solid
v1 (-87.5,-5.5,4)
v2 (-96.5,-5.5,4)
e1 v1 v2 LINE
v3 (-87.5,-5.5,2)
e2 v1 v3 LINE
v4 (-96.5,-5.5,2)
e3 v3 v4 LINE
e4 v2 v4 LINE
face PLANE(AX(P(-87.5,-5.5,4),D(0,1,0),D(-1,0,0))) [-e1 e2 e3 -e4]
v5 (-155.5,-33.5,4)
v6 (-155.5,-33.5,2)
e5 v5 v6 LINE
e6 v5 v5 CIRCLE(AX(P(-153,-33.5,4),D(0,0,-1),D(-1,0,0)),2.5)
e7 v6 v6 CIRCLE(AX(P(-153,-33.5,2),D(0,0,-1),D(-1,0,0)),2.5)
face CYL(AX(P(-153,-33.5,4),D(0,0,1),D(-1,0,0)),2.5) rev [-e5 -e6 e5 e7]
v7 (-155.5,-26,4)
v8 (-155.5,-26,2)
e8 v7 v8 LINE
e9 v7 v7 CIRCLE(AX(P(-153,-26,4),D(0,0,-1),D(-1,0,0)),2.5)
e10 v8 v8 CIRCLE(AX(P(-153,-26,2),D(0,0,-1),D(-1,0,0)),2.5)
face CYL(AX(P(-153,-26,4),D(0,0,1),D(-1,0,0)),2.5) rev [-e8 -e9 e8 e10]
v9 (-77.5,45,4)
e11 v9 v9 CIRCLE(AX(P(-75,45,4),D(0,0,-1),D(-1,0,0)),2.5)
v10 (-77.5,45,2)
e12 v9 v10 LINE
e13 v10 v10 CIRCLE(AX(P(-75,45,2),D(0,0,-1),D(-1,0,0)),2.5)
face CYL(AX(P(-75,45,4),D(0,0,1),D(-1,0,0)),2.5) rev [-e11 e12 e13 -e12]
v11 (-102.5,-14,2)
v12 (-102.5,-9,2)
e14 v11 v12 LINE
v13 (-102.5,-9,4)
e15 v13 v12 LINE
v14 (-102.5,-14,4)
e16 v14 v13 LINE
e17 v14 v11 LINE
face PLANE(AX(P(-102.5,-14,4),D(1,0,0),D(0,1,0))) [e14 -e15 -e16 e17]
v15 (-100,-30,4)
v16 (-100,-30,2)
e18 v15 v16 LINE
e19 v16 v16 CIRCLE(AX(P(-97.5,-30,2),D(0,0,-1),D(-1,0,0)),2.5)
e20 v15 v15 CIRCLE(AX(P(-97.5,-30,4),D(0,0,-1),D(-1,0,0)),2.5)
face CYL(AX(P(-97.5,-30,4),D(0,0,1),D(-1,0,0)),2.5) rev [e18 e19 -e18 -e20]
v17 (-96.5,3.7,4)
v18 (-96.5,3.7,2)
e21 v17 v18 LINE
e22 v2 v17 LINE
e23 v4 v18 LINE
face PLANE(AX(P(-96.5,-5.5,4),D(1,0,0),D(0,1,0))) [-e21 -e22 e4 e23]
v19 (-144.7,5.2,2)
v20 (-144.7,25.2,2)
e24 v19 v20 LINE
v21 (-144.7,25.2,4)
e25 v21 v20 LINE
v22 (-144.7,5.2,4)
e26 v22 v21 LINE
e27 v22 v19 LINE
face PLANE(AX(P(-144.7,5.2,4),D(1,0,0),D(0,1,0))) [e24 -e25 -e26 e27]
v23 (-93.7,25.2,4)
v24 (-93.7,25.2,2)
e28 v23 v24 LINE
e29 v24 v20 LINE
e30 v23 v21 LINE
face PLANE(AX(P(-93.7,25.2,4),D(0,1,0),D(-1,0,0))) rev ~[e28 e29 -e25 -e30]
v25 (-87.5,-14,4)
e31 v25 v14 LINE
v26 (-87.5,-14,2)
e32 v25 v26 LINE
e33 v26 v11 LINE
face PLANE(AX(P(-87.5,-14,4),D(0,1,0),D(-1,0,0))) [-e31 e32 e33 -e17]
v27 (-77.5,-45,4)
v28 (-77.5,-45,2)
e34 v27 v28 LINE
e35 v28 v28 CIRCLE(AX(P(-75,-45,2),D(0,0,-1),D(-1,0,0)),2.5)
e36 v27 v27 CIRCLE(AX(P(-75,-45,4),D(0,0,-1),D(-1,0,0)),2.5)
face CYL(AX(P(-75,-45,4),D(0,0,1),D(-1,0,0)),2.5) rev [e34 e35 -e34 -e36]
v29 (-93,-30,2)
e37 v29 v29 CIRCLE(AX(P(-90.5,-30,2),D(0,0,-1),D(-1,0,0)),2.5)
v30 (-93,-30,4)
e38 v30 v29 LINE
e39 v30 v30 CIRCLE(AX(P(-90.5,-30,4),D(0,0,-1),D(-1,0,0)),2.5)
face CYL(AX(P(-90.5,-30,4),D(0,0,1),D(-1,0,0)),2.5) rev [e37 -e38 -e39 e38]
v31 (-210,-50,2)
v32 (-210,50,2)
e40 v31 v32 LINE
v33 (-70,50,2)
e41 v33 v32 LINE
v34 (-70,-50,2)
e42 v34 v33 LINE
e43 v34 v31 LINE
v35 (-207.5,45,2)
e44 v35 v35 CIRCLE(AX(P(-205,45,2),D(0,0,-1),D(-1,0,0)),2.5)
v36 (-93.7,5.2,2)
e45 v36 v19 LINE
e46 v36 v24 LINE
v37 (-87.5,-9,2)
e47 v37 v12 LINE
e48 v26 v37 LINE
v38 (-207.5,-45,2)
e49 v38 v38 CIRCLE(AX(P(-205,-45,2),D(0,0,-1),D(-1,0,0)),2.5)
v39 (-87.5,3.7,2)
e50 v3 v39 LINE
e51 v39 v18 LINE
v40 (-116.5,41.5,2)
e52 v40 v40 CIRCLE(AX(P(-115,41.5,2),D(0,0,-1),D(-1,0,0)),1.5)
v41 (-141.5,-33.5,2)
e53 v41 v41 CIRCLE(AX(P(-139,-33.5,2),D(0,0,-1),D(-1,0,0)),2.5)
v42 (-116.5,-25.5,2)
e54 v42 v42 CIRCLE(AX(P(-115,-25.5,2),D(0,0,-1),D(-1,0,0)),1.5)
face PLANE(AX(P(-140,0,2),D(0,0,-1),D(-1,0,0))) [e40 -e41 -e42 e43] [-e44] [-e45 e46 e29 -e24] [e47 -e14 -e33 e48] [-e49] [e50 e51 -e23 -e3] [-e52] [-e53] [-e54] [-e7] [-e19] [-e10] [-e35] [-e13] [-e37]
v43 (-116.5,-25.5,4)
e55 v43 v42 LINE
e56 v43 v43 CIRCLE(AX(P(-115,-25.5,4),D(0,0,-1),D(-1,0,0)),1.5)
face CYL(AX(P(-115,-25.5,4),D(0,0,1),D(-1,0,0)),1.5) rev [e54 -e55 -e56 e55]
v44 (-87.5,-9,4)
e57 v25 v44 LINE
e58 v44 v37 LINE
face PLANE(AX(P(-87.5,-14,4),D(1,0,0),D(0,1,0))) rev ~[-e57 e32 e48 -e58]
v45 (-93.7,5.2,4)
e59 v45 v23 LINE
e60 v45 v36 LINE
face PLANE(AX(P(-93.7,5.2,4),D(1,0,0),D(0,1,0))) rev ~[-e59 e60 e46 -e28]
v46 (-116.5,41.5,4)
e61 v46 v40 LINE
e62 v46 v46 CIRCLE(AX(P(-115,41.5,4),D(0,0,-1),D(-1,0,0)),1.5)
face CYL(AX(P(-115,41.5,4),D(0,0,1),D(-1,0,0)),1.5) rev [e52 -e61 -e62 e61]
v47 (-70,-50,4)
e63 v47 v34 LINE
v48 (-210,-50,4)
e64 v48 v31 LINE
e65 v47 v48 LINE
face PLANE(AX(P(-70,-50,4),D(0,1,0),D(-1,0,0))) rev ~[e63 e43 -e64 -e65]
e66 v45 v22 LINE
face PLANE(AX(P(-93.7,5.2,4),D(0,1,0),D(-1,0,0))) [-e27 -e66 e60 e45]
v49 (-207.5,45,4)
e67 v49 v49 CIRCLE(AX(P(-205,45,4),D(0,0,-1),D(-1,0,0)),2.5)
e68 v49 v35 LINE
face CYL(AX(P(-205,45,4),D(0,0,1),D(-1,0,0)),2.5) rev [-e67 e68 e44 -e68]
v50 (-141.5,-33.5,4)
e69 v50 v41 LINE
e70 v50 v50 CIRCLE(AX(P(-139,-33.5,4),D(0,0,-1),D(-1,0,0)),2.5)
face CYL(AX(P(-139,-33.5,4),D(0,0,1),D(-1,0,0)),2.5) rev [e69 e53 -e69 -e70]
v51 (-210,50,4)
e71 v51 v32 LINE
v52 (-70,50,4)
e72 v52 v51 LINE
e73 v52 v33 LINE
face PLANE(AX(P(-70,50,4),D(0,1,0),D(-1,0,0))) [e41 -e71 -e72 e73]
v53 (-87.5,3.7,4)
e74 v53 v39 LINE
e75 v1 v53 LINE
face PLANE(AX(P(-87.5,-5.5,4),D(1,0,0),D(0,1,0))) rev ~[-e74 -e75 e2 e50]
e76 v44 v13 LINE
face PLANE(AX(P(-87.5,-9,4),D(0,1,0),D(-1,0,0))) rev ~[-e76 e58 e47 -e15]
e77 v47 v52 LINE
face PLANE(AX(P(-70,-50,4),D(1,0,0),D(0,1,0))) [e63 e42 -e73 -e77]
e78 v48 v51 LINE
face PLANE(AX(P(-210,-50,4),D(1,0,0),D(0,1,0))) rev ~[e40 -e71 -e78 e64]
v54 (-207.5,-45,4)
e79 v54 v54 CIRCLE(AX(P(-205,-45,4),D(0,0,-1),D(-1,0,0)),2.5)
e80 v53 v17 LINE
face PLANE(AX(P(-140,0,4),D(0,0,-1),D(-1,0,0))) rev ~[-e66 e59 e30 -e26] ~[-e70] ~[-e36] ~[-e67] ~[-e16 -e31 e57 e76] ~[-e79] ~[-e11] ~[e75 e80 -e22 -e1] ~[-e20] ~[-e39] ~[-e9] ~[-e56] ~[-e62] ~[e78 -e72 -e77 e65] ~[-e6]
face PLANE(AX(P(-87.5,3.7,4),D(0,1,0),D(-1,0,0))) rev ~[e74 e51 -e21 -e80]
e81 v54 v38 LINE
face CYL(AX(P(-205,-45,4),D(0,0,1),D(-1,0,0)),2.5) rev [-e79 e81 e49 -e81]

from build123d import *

# Parameters (mm, degrees)
F0_W     = 140
F0_H     = 100
F0_R     = 2.5
F0_R_2   = 1.5
F0_W_2   = 15
F0_H_2   = 5
F0_W_3   = 9
F0_H_3   = 9.2
F0_W_4   = 51
F0_H_4   = 20
F1_DEPTH = 2
F2_ANGLE = 180


with BuildPart() as f1:
    # F0 (on Top) → F1 (new body)
    with BuildSketch(Plane.XY):
        Rectangle(F0_W, F0_H)
        with Locations((-65, -45)):
            Circle(F0_R, mode=Mode.SUBTRACT)
        with Locations((-49.5, -30)):
            Circle(F0_R, mode=Mode.SUBTRACT)
        with Locations((-42.5, -30)):
            Circle(F0_R, mode=Mode.SUBTRACT)
        with Locations((-25, -25.5)):
            Circle(F0_R_2, mode=Mode.SUBTRACT)
        with Locations((-1, -33.5)):
            Circle(F0_R, mode=Mode.SUBTRACT)
        with Locations((-45, -11.5)):
            Rectangle(F0_W_2, F0_H_2, mode=Mode.SUBTRACT)
        with Locations((-48, -0.9)):
            Rectangle(F0_W_3, F0_H_3, mode=Mode.SUBTRACT)
        with Locations((13, -33.5)):
            Circle(F0_R, mode=Mode.SUBTRACT)
        with Locations((13, -26)):
            Circle(F0_R, mode=Mode.SUBTRACT)
        with Locations((65, -45)):
            Circle(F0_R, mode=Mode.SUBTRACT)
        with Locations((-20.8, 15.2)):
            Rectangle(F0_W_4, F0_H_4, mode=Mode.SUBTRACT)
        with Locations((-65, 45)):
            Circle(F0_R, mode=Mode.SUBTRACT)
        with Locations((-25, 41.5)):
            Circle(F0_R_2, mode=Mode.SUBTRACT)
        with Locations((65, 45)):
            Circle(F0_R, mode=Mode.SUBTRACT)
    extrude(amount=F1_DEPTH)


with BuildPart() as f1_1:
    # F2: moved
    add(f1.part.rotate(Axis((-70, 0, 2), (0, -1, 0)), F2_ANGLE))


solid = f1_1.part
